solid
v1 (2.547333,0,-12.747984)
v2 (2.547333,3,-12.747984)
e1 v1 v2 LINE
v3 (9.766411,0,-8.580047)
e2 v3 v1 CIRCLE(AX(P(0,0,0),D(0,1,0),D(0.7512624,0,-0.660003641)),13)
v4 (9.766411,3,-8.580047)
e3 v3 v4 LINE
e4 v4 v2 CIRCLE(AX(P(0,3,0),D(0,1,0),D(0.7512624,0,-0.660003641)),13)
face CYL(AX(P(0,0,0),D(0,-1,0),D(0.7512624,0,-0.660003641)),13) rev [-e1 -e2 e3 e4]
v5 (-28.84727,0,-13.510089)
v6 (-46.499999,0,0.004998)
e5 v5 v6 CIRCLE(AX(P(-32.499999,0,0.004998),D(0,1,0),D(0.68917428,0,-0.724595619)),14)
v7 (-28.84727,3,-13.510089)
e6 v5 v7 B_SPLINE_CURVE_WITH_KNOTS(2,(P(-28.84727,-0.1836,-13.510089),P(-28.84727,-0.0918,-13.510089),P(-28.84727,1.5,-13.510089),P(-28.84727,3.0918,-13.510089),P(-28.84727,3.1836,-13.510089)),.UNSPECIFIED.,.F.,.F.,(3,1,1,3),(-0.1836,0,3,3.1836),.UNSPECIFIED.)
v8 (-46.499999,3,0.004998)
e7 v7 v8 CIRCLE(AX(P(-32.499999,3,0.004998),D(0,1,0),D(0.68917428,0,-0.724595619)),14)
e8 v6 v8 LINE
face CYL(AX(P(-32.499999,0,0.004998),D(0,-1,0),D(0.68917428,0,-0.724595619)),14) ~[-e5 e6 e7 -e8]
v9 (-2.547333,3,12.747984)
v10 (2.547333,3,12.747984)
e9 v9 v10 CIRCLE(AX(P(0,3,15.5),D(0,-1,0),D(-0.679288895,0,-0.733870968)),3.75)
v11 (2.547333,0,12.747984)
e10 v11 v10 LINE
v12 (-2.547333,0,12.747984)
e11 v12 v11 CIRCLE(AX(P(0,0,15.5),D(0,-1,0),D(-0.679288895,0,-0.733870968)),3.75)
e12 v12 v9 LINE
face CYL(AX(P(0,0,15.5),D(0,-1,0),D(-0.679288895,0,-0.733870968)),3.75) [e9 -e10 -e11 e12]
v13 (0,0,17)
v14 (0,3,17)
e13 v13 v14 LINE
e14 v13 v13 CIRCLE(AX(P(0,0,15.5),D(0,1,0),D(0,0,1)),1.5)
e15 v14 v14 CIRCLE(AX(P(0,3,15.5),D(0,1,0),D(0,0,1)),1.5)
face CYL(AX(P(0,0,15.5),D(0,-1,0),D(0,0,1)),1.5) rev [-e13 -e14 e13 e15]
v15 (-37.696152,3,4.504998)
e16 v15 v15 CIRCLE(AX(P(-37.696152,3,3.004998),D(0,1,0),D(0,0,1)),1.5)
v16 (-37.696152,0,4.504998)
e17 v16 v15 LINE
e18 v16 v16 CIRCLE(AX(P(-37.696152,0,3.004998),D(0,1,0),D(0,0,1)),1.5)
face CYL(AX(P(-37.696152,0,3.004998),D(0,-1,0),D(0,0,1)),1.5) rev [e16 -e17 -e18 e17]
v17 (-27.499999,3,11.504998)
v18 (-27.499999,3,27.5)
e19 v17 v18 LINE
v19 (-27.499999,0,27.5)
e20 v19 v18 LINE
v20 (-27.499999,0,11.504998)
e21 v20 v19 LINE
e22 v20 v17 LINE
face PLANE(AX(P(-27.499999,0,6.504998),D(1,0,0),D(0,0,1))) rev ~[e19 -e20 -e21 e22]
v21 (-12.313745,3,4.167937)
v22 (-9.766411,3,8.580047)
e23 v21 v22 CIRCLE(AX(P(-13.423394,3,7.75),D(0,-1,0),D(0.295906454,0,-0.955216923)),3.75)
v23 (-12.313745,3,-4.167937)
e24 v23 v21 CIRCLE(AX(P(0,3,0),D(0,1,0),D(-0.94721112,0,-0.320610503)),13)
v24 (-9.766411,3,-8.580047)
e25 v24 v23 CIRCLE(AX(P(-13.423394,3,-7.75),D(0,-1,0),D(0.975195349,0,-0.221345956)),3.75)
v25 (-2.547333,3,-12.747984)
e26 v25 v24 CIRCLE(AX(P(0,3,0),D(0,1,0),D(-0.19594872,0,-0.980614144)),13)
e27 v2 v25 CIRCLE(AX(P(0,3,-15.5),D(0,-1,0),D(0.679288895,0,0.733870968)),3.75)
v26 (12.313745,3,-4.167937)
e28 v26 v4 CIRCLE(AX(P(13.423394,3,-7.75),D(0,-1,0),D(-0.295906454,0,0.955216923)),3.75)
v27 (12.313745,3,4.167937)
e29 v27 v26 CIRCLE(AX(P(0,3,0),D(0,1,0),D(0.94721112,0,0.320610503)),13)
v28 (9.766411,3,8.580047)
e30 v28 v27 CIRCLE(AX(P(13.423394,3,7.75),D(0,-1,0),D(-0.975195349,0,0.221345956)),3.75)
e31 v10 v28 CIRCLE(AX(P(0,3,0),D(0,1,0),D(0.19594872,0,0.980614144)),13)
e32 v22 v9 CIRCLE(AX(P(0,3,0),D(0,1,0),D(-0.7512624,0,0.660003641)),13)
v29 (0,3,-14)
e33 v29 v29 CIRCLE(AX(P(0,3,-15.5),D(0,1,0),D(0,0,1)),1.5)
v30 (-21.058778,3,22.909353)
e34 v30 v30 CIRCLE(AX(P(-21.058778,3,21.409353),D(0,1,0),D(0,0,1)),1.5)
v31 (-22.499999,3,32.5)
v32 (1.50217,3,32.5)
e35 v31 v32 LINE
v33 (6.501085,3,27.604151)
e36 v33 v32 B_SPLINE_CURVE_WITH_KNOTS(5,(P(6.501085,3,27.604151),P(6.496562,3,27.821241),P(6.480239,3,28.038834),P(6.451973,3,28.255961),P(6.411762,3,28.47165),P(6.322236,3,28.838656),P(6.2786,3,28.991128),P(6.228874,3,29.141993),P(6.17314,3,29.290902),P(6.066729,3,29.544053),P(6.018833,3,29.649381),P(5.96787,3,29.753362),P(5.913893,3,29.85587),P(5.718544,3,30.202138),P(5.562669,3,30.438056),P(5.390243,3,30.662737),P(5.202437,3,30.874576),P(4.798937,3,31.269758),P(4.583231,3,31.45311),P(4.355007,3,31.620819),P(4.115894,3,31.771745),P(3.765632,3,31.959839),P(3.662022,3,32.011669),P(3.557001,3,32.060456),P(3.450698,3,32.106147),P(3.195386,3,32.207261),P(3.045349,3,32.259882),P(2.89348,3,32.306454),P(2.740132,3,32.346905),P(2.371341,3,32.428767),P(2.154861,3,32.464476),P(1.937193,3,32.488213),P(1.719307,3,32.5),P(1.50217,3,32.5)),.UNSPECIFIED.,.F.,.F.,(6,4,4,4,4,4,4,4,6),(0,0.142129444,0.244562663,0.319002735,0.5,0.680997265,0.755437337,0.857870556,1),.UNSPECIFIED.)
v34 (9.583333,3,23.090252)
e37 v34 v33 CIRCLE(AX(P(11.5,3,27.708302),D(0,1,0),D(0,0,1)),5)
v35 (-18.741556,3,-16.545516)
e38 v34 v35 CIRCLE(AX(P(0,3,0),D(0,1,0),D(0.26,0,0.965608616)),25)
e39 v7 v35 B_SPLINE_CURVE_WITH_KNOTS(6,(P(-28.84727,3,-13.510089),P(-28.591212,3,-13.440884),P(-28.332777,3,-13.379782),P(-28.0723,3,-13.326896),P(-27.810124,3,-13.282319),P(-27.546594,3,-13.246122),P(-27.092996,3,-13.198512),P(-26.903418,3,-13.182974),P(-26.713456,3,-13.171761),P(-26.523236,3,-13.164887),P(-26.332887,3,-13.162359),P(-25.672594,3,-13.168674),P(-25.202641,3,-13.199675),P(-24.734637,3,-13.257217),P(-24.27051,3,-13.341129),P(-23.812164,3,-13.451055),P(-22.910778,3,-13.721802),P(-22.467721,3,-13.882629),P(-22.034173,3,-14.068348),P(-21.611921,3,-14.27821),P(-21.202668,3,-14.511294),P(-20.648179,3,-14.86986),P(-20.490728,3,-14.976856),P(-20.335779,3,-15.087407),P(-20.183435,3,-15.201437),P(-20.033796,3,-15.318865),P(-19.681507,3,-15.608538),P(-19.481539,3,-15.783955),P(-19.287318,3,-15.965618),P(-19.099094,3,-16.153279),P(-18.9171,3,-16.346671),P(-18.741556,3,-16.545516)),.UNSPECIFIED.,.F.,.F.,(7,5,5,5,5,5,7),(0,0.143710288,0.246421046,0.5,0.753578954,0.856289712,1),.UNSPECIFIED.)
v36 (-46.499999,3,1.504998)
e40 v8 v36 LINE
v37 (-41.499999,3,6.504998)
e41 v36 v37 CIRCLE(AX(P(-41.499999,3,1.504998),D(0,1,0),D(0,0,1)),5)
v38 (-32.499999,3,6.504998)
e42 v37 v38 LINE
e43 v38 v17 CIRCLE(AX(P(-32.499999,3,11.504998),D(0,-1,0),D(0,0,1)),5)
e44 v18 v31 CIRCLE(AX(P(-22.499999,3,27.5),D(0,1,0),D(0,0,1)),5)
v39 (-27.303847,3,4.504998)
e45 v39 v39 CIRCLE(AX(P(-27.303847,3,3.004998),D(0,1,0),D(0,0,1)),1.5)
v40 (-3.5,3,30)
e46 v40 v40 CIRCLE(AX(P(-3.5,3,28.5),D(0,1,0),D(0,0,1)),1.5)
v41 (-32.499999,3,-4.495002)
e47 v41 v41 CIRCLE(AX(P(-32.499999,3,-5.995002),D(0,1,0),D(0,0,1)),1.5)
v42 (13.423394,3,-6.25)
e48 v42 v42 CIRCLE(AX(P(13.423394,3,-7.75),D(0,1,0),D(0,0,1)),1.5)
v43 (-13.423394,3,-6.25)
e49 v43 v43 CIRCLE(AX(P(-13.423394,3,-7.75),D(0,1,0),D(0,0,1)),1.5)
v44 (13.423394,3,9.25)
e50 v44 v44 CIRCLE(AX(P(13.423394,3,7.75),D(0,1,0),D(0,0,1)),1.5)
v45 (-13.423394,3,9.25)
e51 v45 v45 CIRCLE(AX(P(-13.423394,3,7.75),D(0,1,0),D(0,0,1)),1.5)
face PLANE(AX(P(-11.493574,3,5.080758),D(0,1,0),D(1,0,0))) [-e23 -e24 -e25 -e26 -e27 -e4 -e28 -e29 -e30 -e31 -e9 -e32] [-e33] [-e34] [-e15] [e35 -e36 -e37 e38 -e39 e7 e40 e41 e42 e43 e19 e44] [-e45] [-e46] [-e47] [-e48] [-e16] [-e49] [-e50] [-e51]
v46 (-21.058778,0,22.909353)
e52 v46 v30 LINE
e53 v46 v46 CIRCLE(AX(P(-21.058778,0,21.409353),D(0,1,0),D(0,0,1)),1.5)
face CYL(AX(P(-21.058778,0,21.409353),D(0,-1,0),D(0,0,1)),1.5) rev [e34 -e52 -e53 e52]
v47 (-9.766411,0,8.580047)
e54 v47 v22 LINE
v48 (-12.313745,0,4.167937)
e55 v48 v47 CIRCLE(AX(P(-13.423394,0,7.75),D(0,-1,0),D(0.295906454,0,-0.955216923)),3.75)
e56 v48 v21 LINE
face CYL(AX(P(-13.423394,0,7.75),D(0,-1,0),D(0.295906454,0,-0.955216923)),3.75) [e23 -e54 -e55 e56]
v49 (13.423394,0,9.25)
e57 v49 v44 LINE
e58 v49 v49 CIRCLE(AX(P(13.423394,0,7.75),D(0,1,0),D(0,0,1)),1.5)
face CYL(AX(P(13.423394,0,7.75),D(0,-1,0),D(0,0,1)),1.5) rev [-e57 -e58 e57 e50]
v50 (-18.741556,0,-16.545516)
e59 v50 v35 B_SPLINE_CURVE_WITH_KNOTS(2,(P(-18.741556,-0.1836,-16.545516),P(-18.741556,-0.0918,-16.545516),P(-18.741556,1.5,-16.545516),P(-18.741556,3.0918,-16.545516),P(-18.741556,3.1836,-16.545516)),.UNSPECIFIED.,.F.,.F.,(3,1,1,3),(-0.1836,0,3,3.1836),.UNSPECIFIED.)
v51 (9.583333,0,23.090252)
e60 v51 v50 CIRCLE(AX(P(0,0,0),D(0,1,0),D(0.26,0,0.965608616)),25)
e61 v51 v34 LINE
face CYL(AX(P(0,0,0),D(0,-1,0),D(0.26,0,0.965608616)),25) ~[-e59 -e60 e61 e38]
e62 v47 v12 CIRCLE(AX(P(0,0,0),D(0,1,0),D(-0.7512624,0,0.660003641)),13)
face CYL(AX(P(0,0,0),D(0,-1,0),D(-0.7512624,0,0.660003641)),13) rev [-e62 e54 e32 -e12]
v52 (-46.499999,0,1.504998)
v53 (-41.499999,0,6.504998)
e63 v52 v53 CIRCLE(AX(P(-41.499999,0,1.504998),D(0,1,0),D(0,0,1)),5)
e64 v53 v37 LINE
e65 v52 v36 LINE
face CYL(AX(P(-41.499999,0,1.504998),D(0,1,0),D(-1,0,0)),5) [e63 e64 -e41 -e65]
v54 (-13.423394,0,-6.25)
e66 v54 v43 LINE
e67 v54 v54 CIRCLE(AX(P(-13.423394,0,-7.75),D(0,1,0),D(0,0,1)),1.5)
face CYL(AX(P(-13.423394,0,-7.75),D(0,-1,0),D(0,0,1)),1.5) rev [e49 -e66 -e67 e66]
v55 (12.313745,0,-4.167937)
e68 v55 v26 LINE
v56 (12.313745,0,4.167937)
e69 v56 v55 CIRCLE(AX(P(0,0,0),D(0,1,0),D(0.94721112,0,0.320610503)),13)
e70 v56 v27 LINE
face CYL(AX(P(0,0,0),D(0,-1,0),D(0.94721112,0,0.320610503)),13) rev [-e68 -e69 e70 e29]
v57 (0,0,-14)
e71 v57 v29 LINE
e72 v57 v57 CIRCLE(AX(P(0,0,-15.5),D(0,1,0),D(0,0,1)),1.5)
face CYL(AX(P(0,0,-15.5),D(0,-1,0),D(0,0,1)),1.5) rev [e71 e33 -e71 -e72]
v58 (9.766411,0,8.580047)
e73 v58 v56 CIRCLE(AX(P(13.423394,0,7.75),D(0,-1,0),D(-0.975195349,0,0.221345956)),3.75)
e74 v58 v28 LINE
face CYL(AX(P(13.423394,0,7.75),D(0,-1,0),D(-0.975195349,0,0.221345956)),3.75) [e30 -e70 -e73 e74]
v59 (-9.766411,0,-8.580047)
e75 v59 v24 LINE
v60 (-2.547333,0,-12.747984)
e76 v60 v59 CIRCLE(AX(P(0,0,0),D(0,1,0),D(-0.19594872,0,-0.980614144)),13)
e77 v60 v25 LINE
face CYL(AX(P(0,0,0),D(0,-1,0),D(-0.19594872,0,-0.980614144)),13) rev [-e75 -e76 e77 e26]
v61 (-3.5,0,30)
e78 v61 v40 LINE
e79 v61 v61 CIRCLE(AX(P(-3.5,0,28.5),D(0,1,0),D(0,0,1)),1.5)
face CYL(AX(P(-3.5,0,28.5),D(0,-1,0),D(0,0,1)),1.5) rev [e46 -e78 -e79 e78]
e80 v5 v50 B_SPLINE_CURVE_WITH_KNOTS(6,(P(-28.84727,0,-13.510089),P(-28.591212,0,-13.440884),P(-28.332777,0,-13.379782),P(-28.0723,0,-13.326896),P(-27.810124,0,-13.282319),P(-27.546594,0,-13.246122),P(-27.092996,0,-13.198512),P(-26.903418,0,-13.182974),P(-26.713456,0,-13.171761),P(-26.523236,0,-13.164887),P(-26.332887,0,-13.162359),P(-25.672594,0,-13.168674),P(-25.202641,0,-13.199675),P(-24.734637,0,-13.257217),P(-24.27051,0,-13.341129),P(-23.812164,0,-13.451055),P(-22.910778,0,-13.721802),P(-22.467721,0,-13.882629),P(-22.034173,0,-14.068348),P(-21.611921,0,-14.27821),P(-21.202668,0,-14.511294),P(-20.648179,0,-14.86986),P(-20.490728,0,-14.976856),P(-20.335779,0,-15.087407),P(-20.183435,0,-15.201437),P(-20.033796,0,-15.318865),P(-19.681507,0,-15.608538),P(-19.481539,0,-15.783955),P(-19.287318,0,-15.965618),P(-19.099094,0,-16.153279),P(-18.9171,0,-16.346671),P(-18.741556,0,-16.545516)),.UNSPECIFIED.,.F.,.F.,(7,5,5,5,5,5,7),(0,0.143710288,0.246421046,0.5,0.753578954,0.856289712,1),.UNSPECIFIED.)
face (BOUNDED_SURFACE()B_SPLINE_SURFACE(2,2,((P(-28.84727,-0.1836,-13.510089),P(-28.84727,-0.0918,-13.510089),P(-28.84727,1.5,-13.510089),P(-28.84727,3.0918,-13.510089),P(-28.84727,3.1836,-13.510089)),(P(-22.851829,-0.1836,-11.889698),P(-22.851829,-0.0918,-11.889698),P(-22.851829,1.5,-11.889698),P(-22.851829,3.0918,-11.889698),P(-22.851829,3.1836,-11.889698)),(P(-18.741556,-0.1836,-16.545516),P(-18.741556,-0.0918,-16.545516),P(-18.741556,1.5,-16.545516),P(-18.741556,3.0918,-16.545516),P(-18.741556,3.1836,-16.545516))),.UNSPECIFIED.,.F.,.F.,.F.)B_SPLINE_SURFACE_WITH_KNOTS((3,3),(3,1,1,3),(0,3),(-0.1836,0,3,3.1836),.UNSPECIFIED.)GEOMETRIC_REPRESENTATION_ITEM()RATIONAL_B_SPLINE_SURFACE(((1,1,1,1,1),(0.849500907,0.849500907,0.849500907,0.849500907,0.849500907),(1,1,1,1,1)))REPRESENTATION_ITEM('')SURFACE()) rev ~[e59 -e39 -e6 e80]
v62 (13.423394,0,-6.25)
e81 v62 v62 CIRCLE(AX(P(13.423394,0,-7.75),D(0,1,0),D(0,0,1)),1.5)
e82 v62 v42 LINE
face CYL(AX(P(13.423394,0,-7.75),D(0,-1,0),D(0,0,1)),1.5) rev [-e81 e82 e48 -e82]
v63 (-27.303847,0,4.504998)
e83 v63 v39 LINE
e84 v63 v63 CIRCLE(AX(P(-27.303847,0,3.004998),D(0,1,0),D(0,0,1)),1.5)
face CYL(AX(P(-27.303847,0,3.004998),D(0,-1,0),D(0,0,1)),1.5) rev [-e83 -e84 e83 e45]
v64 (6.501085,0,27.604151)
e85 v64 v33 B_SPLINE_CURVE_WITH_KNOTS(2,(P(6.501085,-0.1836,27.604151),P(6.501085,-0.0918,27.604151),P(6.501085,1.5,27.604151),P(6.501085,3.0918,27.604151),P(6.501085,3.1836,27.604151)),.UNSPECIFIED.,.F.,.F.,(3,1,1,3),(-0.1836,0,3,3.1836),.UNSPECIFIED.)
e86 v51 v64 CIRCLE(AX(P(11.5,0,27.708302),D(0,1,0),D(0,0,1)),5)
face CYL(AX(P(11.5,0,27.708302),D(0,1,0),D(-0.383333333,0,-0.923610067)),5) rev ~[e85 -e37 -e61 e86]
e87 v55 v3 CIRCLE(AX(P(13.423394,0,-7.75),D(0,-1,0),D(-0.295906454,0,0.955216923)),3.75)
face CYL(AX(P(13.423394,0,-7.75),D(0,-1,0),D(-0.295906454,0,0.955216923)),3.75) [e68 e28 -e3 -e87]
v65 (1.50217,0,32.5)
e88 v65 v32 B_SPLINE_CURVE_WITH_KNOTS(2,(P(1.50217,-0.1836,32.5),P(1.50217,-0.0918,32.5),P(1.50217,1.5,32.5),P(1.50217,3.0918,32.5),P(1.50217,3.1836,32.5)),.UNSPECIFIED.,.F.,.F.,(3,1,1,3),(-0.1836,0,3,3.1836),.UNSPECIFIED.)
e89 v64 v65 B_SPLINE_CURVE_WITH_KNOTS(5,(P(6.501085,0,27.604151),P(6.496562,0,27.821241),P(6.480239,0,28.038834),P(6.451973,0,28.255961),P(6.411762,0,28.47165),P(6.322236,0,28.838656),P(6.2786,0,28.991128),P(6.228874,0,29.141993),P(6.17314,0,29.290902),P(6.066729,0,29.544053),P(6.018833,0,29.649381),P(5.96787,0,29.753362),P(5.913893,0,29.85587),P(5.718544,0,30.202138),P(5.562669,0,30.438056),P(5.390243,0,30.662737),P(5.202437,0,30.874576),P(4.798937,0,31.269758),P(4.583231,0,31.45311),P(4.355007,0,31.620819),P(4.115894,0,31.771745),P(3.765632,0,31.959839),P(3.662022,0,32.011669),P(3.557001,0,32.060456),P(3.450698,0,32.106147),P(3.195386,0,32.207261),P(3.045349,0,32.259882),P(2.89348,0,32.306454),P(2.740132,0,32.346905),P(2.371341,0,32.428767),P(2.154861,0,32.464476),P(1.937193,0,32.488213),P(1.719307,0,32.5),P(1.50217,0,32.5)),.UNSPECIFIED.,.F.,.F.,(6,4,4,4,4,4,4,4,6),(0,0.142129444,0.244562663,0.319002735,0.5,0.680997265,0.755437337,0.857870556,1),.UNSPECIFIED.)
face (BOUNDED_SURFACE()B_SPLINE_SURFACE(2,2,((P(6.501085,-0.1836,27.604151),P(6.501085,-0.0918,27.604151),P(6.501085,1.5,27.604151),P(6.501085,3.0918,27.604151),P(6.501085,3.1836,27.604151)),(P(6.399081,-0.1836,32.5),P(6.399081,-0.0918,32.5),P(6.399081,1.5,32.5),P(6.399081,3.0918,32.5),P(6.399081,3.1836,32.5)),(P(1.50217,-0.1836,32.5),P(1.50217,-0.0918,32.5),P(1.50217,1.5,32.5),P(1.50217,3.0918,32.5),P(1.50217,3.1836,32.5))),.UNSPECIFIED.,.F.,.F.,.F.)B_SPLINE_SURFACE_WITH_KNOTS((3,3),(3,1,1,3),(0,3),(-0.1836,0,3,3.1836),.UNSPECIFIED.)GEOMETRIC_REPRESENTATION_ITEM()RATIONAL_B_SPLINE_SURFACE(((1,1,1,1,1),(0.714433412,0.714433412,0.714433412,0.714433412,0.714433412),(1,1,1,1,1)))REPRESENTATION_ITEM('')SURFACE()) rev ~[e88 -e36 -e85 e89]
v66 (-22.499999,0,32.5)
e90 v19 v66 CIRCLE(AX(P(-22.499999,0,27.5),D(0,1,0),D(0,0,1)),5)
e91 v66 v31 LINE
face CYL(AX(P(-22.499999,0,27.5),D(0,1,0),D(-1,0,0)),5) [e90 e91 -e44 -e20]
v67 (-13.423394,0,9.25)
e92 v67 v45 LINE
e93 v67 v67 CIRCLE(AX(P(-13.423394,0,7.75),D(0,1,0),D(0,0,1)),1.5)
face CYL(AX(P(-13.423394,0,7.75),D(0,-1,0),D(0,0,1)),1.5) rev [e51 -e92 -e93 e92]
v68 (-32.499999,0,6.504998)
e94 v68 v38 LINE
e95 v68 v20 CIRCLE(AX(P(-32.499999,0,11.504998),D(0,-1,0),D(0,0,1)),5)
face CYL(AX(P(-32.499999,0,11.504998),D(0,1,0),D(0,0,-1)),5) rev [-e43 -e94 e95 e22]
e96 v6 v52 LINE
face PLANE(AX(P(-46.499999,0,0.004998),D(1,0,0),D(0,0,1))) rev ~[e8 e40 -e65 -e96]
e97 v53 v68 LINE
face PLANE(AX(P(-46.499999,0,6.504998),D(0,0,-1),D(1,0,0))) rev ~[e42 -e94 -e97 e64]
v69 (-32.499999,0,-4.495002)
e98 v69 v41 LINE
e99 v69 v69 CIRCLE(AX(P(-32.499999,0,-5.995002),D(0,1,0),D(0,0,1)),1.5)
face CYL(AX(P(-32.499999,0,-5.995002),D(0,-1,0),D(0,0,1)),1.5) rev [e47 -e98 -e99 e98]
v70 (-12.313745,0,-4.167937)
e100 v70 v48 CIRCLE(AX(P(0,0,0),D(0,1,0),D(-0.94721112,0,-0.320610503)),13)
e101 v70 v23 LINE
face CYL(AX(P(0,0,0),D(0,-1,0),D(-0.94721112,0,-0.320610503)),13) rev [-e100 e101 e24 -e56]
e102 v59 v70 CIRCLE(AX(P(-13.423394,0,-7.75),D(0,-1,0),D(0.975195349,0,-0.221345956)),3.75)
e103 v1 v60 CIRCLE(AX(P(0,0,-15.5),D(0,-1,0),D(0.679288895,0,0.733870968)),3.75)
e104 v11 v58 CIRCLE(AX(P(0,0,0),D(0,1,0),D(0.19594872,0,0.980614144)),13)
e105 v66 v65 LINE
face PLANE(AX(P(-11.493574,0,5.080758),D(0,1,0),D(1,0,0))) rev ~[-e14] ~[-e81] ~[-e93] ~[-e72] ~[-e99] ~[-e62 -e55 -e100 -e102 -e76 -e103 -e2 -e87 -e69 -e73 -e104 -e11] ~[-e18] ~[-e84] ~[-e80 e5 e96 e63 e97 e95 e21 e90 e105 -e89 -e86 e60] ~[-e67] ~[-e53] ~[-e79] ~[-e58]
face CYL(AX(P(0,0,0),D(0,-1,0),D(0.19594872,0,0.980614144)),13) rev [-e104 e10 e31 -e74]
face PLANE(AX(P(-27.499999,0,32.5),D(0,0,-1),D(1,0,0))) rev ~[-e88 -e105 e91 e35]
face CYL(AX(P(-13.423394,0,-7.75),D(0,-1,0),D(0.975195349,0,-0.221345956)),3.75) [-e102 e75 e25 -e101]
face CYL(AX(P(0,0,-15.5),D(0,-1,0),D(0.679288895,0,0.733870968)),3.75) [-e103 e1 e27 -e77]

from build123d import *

# Parameters (mm, degrees)
SKETCH_1_R      = 1.5
EXTRUDE_1_DEPTH = 3
FILLET_1_R      = 5
FILLET_2_R      = 10
FILLET_6_R      = 5
FILLET_7_R      = 5


with BuildPart() as part:
    # 草图1 → 凸台-拉伸1 (new body)
    with BuildSketch(Plane(origin=(0, 0, 0), x_dir=(1, 0, 0), z_dir=(0, 1, 0))):
        with BuildLine():
            Line((-46.499999325, -0.004997817), (-46.499999325, -6.504997817))
            Line((-46.499999325, -6.504997817), (-27.499999325, -6.504997817))
            Line((-27.499999325, -6.504997817), (-27.499999325, -32.5))
            Line((-27.499999325, -32.5), (6.5, -32.5))
            Line((6.5, -32.5), (6.5, -24.140215409))
            ThreePointArc((6.5, -24.140215409), (18.98987541, 16.25990873), (-22.851559401, 10.139340853))
            ThreePointArc((-22.851559401, 10.139340853), (-38.019140611, 12.86120129), (-46.499999325, -0.004997817))
        make_face()
        with Locations(Location((-32.499999325, 5.995002183, 0), (0, 0, 270))):
            Circle(SKETCH_1_R, mode=Mode.SUBTRACT)
        with Locations(Location((-27.303846902, -3.004997817, 0), (0, 0, 270))):
            Circle(SKETCH_1_R, mode=Mode.SUBTRACT)
        with Locations(Location((-3.5, -28.5, 0), (0, 0, 270))):
            Circle(SKETCH_1_R, mode=Mode.SUBTRACT)
        with Locations(Location((-37.696151748, -3.004997817, 0), (0, 0, 270))):
            Circle(SKETCH_1_R, mode=Mode.SUBTRACT)
        with Locations(Location((-21.058777701, -21.409353158, 0), (0, 0, 270))):
            Circle(SKETCH_1_R, mode=Mode.SUBTRACT)
        with Locations(Location((0, 15.5, 0), (0, 0, 270))):
            Circle(SKETCH_1_R, mode=Mode.SUBTRACT)
        with Locations(Location((13.423393759, 7.75, 0), (0, 0, 270))):
            Circle(SKETCH_1_R, mode=Mode.SUBTRACT)
        with Locations(Location((13.423393759, -7.75, 0), (0, 0, 270))):
            Circle(SKETCH_1_R, mode=Mode.SUBTRACT)
        with Locations(Location((0, -15.5, 0), (0, 0, 270))):
            Circle(SKETCH_1_R, mode=Mode.SUBTRACT)
        with Locations(Location((-13.423393759, -7.75, 0), (0, 0, 270))):
            Circle(SKETCH_1_R, mode=Mode.SUBTRACT)
        with Locations(Location((-13.423393759, 7.75, 0), (0, 0, 270))):
            Circle(SKETCH_1_R, mode=Mode.SUBTRACT)
        with BuildLine():
            ThreePointArc((-12.313744557, 4.167936537), (-13, 0), (-12.313744557, -4.167936537))
            ThreePointArc((-12.313744557, -4.167936537), (-10.175798494, -5.875), (-9.766411201, -8.580047334))
            ThreePointArc((-9.766411201, -8.580047334), (-6.5, -11.258330249), (-2.547333356, -12.747983871))
            ThreePointArc((-2.547333356, -12.747983871), (0, -11.75), (2.547333356, -12.747983871))
            ThreePointArc((2.547333356, -12.747983871), (6.5, -11.258330249), (9.766411201, -8.580047334))
            ThreePointArc((9.766411201, -8.580047334), (10.175798494, -5.875), (12.313744557, -4.167936537))
            ThreePointArc((12.313744557, -4.167936537), (13, 0), (12.313744557, 4.167936537))
            ThreePointArc((12.313744557, 4.167936537), (10.175798494, 5.875), (9.766411201, 8.580047334))
            ThreePointArc((9.766411201, 8.580047334), (6.5, 11.258330249), (2.547333356, 12.747983871))
            ThreePointArc((2.547333356, 12.747983871), (0, 11.75), (-2.547333356, 12.747983871))
            ThreePointArc((-2.547333356, 12.747983871), (-6.5, 11.258330249), (-9.766411201, 8.580047334))
            ThreePointArc((-9.766411201, 8.580047334), (-10.175798494, 5.875), (-12.313744557, 4.167936537))
        make_face(mode=Mode.SUBTRACT)
    extrude(amount=EXTRUDE_1_DEPTH)

    # 圆角1
    fillet_1_edges = [part.edges().sort_by_distance(p)[0] for p in [
        (-27.499999325, 1.5, 32.5),
        (-27.499999325, 1.5, 6.504997817),
        (-46.499999325, 1.5, 6.504997817),
    ]]
    fillet(fillet_1_edges, radius=FILLET_1_R)

    # 圆角2
    fillet_2_edges = [part.edges().sort_by_distance(p)[0] for p in [
        (-22.851559401, 1.5, -10.139340853),
    ]]
    fillet(fillet_2_edges, radius=FILLET_2_R)

    # 圆角6
    fillet_6_edges = [part.edges().sort_by_distance(p)[0] for p in [
        (6.5, 1.5, 24.140215409),
    ]]
    fillet(fillet_6_edges, radius=FILLET_6_R)

    # 圆角7
    fillet_7_edges = [part.edges().sort_by_distance(p)[0] for p in [
        (6.5, 1.5, 32.5),
    ]]
    fillet(fillet_7_edges, radius=FILLET_7_R)


solid = part.part
